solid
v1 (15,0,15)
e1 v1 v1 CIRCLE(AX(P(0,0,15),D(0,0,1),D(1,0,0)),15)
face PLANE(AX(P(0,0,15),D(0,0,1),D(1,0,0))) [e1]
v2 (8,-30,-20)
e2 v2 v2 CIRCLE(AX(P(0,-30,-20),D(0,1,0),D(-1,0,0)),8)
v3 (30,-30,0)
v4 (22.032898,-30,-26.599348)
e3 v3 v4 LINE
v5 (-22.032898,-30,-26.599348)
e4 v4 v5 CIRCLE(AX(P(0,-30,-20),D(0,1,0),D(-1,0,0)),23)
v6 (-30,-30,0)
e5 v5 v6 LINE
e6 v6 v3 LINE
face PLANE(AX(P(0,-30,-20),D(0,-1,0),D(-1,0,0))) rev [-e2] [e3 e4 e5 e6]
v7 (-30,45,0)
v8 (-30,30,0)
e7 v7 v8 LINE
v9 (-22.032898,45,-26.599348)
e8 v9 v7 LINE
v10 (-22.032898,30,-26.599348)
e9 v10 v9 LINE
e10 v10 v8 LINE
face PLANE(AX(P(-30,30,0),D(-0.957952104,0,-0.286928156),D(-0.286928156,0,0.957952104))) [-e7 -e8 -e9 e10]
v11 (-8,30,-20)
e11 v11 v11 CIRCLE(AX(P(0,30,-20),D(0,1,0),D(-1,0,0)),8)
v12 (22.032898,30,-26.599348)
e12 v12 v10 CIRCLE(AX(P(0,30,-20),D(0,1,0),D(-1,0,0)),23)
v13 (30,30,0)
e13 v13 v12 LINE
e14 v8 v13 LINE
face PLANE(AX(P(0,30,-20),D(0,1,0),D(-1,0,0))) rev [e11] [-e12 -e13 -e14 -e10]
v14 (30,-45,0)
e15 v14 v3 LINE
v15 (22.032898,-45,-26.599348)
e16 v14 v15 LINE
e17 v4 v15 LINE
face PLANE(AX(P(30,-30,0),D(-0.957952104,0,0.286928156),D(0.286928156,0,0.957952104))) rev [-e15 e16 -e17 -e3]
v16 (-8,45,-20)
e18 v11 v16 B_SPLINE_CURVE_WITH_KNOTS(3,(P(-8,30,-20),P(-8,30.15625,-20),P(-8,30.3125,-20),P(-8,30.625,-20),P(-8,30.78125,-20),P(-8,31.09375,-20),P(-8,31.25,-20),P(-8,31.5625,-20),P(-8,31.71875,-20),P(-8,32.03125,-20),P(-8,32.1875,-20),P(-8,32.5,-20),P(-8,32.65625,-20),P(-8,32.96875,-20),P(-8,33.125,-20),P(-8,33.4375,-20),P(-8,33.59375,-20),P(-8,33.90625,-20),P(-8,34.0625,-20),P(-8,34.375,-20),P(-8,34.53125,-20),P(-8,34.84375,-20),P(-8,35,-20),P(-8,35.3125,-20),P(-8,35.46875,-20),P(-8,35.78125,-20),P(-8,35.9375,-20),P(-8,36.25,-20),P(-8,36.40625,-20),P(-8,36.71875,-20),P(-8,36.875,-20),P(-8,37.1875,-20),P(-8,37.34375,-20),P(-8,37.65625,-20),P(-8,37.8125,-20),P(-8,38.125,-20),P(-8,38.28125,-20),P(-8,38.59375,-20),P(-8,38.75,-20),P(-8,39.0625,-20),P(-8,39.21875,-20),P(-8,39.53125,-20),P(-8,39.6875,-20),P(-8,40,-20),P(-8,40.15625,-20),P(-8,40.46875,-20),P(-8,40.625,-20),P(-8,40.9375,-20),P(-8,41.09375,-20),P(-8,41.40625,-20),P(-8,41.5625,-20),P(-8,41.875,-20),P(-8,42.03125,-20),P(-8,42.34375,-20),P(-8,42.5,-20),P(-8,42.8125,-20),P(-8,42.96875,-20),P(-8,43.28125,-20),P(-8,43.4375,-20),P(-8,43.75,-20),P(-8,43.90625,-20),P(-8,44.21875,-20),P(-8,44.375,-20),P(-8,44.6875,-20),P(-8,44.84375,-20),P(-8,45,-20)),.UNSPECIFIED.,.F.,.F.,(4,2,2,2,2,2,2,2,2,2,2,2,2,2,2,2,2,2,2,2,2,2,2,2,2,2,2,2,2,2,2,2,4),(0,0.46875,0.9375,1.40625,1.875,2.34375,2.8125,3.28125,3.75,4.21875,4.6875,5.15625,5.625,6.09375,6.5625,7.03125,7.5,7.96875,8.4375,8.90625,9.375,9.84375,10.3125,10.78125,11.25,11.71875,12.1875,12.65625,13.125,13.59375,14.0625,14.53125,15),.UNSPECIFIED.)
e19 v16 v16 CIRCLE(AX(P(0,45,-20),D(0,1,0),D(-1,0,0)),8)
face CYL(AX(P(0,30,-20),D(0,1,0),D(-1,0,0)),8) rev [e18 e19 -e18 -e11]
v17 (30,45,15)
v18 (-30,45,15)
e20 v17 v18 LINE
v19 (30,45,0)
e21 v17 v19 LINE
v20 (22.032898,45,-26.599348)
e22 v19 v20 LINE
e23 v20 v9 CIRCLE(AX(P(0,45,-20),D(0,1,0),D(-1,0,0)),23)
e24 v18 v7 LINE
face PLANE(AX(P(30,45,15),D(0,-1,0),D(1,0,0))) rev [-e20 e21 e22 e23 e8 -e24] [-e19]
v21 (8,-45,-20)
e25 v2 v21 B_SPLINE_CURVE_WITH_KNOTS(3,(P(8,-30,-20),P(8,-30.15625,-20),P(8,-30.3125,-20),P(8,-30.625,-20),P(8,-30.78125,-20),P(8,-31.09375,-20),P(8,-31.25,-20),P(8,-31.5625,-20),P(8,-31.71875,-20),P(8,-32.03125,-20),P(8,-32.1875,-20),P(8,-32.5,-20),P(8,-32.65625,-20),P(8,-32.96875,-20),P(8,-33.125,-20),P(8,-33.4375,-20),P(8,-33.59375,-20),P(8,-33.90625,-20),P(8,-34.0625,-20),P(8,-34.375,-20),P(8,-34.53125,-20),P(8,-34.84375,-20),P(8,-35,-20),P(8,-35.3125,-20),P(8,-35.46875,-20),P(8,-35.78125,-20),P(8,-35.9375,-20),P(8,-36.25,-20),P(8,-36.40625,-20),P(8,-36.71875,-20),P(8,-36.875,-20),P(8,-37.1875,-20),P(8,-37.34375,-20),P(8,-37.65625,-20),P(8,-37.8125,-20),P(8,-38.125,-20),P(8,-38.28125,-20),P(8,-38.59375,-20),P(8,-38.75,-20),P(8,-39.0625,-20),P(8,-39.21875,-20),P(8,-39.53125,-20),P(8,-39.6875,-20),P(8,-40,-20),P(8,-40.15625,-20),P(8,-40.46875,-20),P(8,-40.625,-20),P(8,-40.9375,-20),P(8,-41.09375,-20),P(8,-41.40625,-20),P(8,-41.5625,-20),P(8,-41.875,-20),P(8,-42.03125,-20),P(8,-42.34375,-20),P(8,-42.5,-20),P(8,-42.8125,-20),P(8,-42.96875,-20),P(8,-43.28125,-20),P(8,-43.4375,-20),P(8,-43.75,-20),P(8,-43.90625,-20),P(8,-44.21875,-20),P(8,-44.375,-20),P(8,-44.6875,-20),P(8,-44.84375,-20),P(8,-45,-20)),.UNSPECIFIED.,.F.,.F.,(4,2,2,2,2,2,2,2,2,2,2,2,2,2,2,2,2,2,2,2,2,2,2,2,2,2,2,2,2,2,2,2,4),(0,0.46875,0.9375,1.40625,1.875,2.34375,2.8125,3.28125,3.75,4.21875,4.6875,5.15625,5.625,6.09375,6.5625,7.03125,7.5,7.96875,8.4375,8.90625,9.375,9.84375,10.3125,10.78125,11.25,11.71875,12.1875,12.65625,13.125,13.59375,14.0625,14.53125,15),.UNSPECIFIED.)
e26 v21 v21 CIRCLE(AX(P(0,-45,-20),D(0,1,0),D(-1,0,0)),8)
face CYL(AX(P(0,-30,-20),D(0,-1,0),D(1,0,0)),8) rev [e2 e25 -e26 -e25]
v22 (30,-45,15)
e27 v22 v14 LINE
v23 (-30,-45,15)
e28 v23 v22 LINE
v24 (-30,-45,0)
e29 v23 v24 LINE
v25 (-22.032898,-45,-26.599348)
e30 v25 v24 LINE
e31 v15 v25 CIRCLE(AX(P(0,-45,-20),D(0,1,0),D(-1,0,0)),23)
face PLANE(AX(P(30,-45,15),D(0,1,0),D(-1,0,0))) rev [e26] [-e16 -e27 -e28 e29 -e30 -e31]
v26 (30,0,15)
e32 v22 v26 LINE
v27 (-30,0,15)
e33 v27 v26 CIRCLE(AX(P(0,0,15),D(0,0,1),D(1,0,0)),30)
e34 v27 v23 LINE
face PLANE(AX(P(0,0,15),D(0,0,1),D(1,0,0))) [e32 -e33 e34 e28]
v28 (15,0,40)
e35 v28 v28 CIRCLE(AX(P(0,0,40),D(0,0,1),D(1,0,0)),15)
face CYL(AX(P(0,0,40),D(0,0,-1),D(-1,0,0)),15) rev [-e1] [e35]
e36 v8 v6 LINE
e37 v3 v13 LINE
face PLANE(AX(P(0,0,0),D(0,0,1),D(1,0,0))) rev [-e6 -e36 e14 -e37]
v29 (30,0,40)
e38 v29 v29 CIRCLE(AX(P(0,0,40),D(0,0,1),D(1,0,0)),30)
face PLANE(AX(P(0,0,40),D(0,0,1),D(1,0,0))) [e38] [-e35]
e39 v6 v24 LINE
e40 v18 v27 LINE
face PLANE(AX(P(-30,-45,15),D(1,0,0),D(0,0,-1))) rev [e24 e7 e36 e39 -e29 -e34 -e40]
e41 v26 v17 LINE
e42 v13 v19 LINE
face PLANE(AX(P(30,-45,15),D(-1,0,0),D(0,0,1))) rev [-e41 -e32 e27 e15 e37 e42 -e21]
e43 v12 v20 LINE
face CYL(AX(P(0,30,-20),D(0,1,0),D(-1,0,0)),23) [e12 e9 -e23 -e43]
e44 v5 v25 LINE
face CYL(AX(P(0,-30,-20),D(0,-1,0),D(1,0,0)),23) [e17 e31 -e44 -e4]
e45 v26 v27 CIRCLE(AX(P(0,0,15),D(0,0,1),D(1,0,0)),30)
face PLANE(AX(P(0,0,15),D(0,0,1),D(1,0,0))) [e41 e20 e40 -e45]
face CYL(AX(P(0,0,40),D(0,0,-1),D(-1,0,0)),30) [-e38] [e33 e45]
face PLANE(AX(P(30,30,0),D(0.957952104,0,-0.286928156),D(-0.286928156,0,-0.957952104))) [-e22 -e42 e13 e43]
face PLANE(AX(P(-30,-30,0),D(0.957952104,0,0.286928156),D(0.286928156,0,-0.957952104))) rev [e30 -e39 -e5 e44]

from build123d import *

# Parameters (mm, degrees)
SKETCH1_W           = 60
SKETCH1_H           = 90
BOSS_EXTRUDE1_DEPTH = 15
SKETCH2_R           = 30
BOSS_EXTRUDE2_DEPTH = 25
SKETCH3_R           = 8
BOSS_EXTRUDE3_DEPTH = 15


with BuildPart() as part:
    # Sketch1 → Boss-Extrude1 (new body)
    with BuildSketch(Plane.XY):
        Rectangle(SKETCH1_W, SKETCH1_H)
    extrude(amount=BOSS_EXTRUDE1_DEPTH)

    # Sketch2 → Boss-Extrude2 (add)
    with BuildSketch(Plane.XY.offset(15)):
        Circle(SKETCH2_R)
        with BuildLine():
            ThreePointArc((4, -14.456832295), (0, 15), (-4, -14.456832295))
            ThreePointArc((-4, -14.456832295), (0, -15), (4, -14.456832295))
        make_face(mode=Mode.SUBTRACT)
    extrude(amount=BOSS_EXTRUDE2_DEPTH)

    # Sketch3 → Boss-Extrude3 (add)
    with BuildSketch(Plane(origin=(0, 45, 0), x_dir=(1, 0, 0), z_dir=(0, 1, 0))):
        with BuildLine():
            Line((30, 0), (22.03289839, 26.599347585))
            ThreePointArc((22.03289839, 26.599347585), (0, 43), (-22.03289839, 26.599347585))
            Line((-22.03289839, 26.599347585), (-30, 0))
            Line((-30, 0), (30, 0))
        make_face()
        with Locations(Location((0, 20, 0), (0, 0, 180))):
            Circle(SKETCH3_R, mode=Mode.SUBTRACT)
    boss_extrude3 = extrude(amount=-BOSS_EXTRUDE3_DEPTH)

    # Mirror1: Boss-Extrude3 across plane
    add(boss_extrude3.mirror(Plane.ZX))


solid = part.part
